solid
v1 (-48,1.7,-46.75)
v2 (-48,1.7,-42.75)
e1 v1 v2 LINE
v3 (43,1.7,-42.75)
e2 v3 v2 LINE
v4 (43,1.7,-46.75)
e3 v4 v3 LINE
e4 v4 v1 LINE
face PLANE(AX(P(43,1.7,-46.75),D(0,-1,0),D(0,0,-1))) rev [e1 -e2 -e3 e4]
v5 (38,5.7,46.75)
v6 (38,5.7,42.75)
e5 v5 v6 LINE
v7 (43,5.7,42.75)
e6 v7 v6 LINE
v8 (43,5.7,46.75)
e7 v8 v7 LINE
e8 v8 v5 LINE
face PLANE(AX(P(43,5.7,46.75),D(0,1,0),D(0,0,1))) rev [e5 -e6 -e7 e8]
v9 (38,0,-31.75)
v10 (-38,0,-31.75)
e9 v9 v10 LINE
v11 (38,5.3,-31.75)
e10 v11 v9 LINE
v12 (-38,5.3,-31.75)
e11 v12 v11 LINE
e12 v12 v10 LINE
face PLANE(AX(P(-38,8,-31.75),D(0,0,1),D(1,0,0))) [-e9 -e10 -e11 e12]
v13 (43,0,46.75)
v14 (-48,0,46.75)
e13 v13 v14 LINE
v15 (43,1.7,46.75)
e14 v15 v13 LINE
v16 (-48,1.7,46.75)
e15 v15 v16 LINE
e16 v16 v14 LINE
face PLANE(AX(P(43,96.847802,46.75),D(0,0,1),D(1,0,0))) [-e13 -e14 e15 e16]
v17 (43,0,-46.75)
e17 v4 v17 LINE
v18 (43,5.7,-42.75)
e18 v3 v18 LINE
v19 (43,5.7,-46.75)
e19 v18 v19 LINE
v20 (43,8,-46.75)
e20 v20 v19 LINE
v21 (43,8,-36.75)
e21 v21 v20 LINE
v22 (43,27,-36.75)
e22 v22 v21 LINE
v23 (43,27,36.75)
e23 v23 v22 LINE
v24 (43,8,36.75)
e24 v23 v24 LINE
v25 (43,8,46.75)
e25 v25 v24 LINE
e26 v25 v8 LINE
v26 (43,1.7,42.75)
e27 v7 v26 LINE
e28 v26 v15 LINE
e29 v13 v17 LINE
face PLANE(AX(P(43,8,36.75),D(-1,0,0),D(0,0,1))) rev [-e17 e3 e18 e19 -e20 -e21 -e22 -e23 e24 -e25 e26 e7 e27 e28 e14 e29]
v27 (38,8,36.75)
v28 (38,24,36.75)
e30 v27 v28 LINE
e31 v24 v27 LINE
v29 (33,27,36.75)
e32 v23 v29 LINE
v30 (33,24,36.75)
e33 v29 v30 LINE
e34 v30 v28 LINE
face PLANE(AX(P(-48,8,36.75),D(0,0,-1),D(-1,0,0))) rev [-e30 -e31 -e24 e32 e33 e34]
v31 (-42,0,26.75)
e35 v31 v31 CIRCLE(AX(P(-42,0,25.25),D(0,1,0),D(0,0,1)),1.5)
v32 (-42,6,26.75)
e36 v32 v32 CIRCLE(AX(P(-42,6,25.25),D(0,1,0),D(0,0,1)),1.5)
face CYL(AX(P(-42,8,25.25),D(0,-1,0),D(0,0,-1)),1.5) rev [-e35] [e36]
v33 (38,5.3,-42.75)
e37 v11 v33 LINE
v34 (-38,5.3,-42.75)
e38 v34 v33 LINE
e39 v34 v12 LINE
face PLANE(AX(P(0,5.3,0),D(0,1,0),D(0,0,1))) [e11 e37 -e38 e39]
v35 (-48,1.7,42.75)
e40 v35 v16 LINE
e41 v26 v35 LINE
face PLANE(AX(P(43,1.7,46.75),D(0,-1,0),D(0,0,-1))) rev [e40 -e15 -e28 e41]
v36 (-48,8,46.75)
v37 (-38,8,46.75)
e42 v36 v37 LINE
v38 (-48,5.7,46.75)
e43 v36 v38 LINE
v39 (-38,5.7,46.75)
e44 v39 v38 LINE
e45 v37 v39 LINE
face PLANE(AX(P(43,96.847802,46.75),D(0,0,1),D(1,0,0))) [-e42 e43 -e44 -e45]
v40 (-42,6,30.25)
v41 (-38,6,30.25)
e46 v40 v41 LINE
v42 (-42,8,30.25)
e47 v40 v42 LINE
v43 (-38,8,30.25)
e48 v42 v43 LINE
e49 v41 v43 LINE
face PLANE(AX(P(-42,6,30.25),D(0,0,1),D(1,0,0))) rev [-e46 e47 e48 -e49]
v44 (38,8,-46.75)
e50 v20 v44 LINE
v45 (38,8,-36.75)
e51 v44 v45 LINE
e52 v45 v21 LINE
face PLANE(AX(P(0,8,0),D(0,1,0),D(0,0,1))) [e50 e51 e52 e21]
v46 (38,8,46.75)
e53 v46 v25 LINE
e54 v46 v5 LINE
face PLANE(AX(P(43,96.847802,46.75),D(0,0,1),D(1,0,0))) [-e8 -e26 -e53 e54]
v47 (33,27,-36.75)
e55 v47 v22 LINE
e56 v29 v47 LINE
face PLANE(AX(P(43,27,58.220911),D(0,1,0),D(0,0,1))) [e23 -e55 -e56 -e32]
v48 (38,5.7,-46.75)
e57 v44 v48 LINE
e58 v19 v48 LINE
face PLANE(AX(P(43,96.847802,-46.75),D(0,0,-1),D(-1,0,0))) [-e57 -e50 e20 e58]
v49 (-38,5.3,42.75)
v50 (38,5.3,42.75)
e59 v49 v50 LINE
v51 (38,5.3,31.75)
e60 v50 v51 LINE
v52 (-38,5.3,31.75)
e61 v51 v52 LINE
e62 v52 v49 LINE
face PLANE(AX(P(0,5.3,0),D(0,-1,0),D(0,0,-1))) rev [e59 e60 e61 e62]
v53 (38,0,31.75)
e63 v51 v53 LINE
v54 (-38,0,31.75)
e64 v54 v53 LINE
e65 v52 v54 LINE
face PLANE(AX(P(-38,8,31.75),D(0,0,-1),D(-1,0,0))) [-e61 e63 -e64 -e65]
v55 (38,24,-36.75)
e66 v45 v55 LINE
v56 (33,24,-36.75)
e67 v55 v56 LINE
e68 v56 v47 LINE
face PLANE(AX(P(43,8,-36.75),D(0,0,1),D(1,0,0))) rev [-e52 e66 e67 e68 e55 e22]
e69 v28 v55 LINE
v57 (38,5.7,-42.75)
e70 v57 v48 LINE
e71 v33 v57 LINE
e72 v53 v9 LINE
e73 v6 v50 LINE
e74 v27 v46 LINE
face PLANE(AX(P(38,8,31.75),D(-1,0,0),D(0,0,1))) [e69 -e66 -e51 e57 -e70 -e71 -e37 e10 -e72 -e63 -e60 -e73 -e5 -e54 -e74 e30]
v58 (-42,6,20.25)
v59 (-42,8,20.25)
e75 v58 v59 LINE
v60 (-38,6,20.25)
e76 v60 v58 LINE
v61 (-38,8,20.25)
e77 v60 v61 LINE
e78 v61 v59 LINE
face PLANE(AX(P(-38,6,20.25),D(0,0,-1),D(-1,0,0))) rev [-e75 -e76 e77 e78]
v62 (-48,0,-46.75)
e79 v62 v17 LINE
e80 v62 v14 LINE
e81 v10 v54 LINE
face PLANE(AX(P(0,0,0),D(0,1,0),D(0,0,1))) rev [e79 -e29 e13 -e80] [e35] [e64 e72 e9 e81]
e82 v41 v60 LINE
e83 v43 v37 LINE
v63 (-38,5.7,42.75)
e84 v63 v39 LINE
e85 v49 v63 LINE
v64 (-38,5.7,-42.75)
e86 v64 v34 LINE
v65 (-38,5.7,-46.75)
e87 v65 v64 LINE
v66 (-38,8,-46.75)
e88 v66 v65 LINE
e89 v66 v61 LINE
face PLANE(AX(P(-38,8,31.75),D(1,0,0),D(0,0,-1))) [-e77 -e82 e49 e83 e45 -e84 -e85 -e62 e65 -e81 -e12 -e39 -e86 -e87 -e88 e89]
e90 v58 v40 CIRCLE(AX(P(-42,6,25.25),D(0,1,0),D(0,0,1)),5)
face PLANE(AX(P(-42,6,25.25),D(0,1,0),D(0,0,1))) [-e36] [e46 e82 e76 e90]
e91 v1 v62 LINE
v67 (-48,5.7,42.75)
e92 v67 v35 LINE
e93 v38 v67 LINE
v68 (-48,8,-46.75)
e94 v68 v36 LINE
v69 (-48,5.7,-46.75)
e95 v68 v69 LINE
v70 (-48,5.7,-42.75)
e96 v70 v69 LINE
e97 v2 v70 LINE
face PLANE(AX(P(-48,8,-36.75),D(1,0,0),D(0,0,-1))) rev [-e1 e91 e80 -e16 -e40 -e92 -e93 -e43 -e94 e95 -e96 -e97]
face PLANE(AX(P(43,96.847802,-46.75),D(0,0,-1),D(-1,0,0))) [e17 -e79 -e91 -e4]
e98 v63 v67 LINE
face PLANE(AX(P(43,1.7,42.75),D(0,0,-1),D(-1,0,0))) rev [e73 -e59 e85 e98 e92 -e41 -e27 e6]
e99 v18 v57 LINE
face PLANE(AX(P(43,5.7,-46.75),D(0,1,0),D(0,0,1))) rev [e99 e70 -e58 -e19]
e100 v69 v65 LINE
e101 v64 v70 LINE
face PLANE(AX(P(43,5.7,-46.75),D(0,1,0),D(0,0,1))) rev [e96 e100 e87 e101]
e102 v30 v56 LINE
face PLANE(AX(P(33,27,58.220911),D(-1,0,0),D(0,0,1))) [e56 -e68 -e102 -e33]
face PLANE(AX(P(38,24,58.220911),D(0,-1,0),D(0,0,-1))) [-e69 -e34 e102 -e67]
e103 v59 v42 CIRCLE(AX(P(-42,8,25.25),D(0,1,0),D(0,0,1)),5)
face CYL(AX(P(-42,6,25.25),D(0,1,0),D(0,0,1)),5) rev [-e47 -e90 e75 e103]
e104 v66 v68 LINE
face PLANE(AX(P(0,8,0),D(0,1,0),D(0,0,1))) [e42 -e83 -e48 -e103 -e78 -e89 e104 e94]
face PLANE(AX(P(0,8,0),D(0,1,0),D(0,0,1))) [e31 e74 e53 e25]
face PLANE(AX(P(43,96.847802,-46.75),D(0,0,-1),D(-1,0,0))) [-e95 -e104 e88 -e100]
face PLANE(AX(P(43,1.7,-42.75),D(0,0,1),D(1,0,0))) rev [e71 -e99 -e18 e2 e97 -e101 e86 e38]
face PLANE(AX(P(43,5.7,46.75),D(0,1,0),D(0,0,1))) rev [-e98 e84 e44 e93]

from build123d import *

# Parameters (mm, degrees)
ESQUISSE1_W             = 91
ESQUISSE1_H             = 73.5
ESQUISSE1_R             = 1.5
ESQUISSE1_W_2           = 76
ESQUISSE1_H_2           = 63.5
BOSS_EXTRU_1_DEPTH      = 8
ENL_V_MAT_EXTRU_1_DEPTH = 2
ESQUISSE3_W             = 76
ESQUISSE3_H             = 5
ENL_V_MAT_EXTRU_2_DEPTH = 2.7
BOSS_EXTRU_2_DEPTH      = 73.5
ESQUISSE5_W             = 91
ESQUISSE5_H             = 10
BOSS_EXTRU_3_DEPTH      = 5.3
ESQUISSE6_W             = 5
ESQUISSE6_H             = 10
ESQUISSE6_W_2           = 10
BOSS_EXTRU_4_DEPTH      = 2.7
ESQUISSE7_W             = 4
ESQUISSE7_H             = 4
ENL_V_MAT_EXTRU_3_DEPTH = 92


with BuildPart() as part:
    # Esquisse1 → Boss.-Extru.1 (new body)
    with BuildSketch(Plane(origin=(0, 0, 0), x_dir=(1, 0, 0), z_dir=(0, 1, 0))):
        with Locations((-2.5, 0)):
            Rectangle(ESQUISSE1_W, ESQUISSE1_H)
        with Locations((-42, -25.25)):
            Circle(ESQUISSE1_R, mode=Mode.SUBTRACT)
        Rectangle(ESQUISSE1_W_2, ESQUISSE1_H_2, mode=Mode.SUBTRACT)
    extrude(amount=BOSS_EXTRU_1_DEPTH)

    # Esquisse2 → Enlèv. mat.-Extru.1 (cut)
    with BuildSketch(Plane(origin=(0, 8, 0), x_dir=(1, 0, 0), z_dir=(0, 1, 0))):
        with BuildLine():
            Line((-42, -30.25), (-38, -30.25))
            Line((-38, -30.25), (-38, -20.25))
            Line((-38, -20.25), (-42, -20.25))
            ThreePointArc((-42, -20.25), (-47, -25.25), (-42, -30.25))
        make_face()
    extrude(amount=-ENL_V_MAT_EXTRU_1_DEPTH, mode=Mode.SUBTRACT)

    # Esquisse3 → Enlèv. mat.-Extru.2 (cut)
    with BuildSketch(Plane(origin=(0, 8, 0), x_dir=(1, 0, 0), z_dir=(0, 1, 0))):
        with Locations((0, -34.25)):
            Rectangle(ESQUISSE3_W, ESQUISSE3_H)
        with Locations((0, 34.25)):
            Rectangle(ESQUISSE3_W, ESQUISSE3_H)
    extrude(amount=-ENL_V_MAT_EXTRU_2_DEPTH, mode=Mode.SUBTRACT)

    # Esquisse4 → Boss.-Extru.2 (add)
    with BuildSketch(Plane(origin=(0, 0, -36.75), x_dir=(-1, 0, 0), z_dir=(0, 0, -1))):
        Polygon((-43, 8), (-38, 8), (-38, 24), (-33, 24), (-33, 27), (-38.815944916, 27), (-43, 27), align=None)
    extrude(amount=-BOSS_EXTRU_2_DEPTH)

    # Esquisse5 → Boss.-Extru.3 (add)
    with BuildSketch(Plane.XZ):
        with Locations((-2.5, -41.75)):
            Rectangle(ESQUISSE5_W, ESQUISSE5_H)
        with Locations((-2.5, 41.75)):
            Rectangle(ESQUISSE5_W, ESQUISSE5_H)
    extrude(amount=-BOSS_EXTRU_3_DEPTH)

    # Esquisse6 → Boss.-Extru.4 (add)
    with BuildSketch(Plane(origin=(0, 5.3, 0), x_dir=(1, 0, 0), z_dir=(0, 1, 0))):
        with Locations((40.5, 41.75)):
            Rectangle(ESQUISSE6_W, ESQUISSE6_H)
        with Locations((40.5, -41.75)):
            Rectangle(ESQUISSE6_W, ESQUISSE6_H)
        with Locations((-43, 41.75)):
            Rectangle(ESQUISSE6_W_2, ESQUISSE6_H)
        with Locations((-43, -41.75)):
            Rectangle(ESQUISSE6_W_2, ESQUISSE6_H)
    extrude(amount=BOSS_EXTRU_4_DEPTH)

    # Esquisse7 → Enlèv. mat.-Extru.3 (cut, through all)
    with BuildSketch(Plane.ZY.offset(48)):
        with Locations((-44.75, 3.7)):
            Rectangle(ESQUISSE7_W, ESQUISSE7_H)
        with Locations((44.75, 3.7)):
            Rectangle(ESQUISSE7_W, ESQUISSE7_H)
    extrude(amount=-ENL_V_MAT_EXTRU_3_DEPTH, mode=Mode.SUBTRACT)


solid = part.part
